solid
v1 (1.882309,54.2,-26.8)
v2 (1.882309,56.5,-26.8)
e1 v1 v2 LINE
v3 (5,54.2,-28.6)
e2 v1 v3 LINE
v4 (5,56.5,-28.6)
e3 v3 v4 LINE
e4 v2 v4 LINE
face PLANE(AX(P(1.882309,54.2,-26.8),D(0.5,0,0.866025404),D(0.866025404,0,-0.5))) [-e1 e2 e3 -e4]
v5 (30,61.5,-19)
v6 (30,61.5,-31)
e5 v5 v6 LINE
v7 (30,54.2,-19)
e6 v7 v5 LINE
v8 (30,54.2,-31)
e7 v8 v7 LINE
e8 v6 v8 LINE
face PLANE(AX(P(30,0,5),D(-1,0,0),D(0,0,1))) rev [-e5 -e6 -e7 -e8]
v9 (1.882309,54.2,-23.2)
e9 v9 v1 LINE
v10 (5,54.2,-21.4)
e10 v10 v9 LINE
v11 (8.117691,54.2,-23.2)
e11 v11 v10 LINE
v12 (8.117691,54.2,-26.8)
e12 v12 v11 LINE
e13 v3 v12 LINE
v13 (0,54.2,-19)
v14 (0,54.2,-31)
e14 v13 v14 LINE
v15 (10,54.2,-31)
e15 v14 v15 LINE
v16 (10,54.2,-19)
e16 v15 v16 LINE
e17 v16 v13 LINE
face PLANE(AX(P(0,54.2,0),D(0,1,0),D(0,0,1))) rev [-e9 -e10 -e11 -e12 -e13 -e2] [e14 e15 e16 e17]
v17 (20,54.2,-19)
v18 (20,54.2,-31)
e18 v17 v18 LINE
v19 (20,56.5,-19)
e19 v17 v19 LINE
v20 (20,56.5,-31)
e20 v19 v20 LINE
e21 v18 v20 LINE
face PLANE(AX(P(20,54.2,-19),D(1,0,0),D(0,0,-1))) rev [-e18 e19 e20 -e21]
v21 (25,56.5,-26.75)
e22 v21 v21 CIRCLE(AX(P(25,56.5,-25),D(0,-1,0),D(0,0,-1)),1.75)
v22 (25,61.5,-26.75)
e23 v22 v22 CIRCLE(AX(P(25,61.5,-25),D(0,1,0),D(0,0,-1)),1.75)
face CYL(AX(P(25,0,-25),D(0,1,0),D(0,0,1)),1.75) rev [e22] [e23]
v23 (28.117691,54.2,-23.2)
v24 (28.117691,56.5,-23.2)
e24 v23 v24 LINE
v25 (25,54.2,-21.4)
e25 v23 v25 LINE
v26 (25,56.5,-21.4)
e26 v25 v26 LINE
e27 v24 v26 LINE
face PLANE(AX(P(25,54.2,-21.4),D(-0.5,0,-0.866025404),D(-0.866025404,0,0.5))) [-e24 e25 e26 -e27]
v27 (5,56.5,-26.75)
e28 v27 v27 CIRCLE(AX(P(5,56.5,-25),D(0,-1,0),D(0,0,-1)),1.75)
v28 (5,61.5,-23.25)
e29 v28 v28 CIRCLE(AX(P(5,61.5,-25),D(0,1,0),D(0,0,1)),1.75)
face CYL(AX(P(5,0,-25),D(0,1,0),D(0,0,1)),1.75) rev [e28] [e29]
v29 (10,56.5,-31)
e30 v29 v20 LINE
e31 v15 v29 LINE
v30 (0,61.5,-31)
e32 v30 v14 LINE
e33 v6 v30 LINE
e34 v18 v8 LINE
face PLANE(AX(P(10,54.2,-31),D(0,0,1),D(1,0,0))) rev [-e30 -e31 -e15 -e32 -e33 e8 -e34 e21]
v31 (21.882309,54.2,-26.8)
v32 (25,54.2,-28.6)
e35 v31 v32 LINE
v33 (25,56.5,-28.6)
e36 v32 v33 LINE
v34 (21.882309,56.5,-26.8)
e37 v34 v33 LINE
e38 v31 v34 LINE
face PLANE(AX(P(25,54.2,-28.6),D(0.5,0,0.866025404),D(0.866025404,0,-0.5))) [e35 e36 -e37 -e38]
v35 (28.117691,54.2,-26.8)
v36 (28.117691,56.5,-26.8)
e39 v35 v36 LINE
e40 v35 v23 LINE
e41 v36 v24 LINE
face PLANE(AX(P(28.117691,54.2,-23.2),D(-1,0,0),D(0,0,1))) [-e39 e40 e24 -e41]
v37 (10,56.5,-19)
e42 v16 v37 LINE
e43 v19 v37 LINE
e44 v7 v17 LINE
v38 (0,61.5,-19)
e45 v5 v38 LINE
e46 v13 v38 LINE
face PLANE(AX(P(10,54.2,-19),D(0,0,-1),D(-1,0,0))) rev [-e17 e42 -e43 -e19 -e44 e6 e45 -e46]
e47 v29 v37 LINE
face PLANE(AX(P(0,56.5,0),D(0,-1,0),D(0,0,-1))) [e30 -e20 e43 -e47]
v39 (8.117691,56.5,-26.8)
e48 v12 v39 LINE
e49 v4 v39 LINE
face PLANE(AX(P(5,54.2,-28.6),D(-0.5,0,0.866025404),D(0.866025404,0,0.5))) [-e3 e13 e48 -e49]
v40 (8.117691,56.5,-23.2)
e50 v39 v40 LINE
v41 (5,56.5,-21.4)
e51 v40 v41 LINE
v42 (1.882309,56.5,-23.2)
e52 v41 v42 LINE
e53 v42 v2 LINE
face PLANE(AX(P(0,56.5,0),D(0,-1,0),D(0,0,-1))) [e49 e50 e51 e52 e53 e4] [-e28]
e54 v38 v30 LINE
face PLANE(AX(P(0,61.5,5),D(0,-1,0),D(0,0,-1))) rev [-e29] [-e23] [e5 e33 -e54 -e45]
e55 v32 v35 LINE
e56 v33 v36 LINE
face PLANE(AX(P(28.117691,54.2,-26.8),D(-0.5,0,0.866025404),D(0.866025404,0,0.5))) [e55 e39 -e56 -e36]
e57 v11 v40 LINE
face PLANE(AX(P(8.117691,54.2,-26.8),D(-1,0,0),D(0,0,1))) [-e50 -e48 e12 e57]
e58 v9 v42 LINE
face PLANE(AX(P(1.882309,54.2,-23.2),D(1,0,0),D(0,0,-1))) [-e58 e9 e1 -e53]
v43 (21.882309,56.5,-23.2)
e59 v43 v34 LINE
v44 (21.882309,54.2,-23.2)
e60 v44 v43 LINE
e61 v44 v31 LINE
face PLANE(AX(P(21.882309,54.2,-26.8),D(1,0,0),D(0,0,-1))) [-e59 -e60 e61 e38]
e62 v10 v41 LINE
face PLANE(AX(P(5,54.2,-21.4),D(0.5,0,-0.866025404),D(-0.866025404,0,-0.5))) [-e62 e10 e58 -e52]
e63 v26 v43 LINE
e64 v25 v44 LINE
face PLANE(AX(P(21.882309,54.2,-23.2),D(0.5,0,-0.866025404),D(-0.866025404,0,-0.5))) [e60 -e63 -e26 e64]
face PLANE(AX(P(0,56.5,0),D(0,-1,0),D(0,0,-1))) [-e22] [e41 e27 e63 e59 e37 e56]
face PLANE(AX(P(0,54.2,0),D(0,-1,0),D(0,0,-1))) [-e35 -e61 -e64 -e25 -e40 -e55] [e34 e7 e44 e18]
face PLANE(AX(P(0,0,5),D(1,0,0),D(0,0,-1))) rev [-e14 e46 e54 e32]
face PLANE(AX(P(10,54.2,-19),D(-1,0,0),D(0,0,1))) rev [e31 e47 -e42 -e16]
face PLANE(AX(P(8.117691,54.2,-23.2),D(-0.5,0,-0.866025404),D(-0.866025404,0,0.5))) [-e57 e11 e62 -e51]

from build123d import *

# Parameters (mm, degrees)
SKETCH_1_W           = 30
SKETCH_1_H           = 61.5
EXTRUDE_1_DEPTH      = 5
SKETCH_2_R           = 1.75
SKETCH_2_W           = 21
SKETCH_2_H           = 41
CUT_EXTRUDE_1_DEPTH  = 6
SKETCH_3_W           = 30
SKETCH_3_H           = 40
EXTRUDE_2_DEPTH      = 5
SKETCH_4_R           = 1.75
CUT_EXTRUDE_2_DEPTH  = 62.5
SKETCH_5_W           = 10
SKETCH_5_H           = 12
EXTRUDE_3_DEPTH      = 2.3
SKETCH_6_W           = 30
SKETCH_6_H           = 12
EXTRUDE_4_DEPTH      = 4
EXTRUDE_5_DEPTH      = 4.5
FILLET_1_R           = 5
SKETCH_8_W           = 21
SKETCH_8_H           = 6
CUT_EXTRUDE_3_DEPTH  = 10
SKETCH_9_OUTSIDE_W   = 63.988
SKETCH_9_OUTSIDE_H   = 84.488
SKETCH_9_OUTSIDE_W_2 = 12
SKETCH_9_OUTSIDE_H_2 = 7.3
CUT_EXTRUDE_4_DEPTH  = 31


with BuildPart() as part:
    # ｽｹｯﾁ1 → ﾎﾞｽ - 押し出し1 (new body)
    with BuildSketch(Plane.XY):
        with Locations((15, 30.75)):
            Rectangle(SKETCH_1_W, SKETCH_1_H)
    extrude(amount=EXTRUDE_1_DEPTH)

    # ｽｹｯﾁ2 → ｶｯﾄ - 押し出し1 (cut, through all)
    with BuildSketch(Plane.XY.offset(5)):
        with Locations((10, 3.5)):
            Circle(SKETCH_2_R)
        with Locations((20, 3.5)):
            Circle(SKETCH_2_R)
        with Locations((10, 53)):
            Circle(SKETCH_2_R)
        with Locations((20, 53)):
            Circle(SKETCH_2_R)
        with Locations((15, 28.2)):
            Rectangle(SKETCH_2_W, SKETCH_2_H)
    extrude(amount=-CUT_EXTRUDE_1_DEPTH, mode=Mode.SUBTRACT)

    # ｽｹｯﾁ3 → ﾎﾞｽ - 押し出し2 (add)
    with BuildSketch(Plane(origin=(0, 61.5, 0), x_dir=(1, 0, 0), z_dir=(0, 1, 0))):
        with Locations((15, 20)):
            Rectangle(SKETCH_3_W, SKETCH_3_H)
    extrude(amount=-EXTRUDE_2_DEPTH)

    # ｽｹｯﾁ4 → ｶｯﾄ - 押し出し2 (cut, through all)
    with BuildSketch(Plane(origin=(0, 61.5, 0), x_dir=(1, 0, 0), z_dir=(0, 1, 0))):
        with Locations((5, 25)):
            Circle(SKETCH_4_R)
        with Locations((25, 25)):
            Circle(SKETCH_4_R)
    extrude(amount=-CUT_EXTRUDE_2_DEPTH, mode=Mode.SUBTRACT)

    # ｽｹｯﾁ5 → ﾎﾞｽ - 押し出し3 (add)
    with BuildSketch(Plane.XZ.offset(-56.5)):
        with Locations((5, -25)):
            Rectangle(SKETCH_5_W, SKETCH_5_H)
        Polygon((5, -28.6), (8.117691454, -26.8), (8.117691454, -23.2), (5, -21.4), (1.882308546, -23.2), (1.882308546, -26.8), align=None, mode=Mode.SUBTRACT)
        with Locations((25, -25)):
            Rectangle(SKETCH_5_W, SKETCH_5_H)
        Polygon((28.117691454, -26.8), (25, -28.6), (21.882308546, -26.8), (21.882308546, -23.2), (25, -21.4), (28.117691454, -23.2), align=None, mode=Mode.SUBTRACT)
    extrude(amount=EXTRUDE_3_DEPTH)

    # ｽｹｯﾁ6 → ﾎﾞｽ - 押し出し4 (add)
    with BuildSketch(Plane(origin=(0, 61.5, 0), x_dir=(1, 0, 0), z_dir=(0, 1, 0))):
        with Locations((15, 1)):
            Rectangle(SKETCH_6_W, SKETCH_6_H)
    extrude(amount=EXTRUDE_4_DEPTH)

    # ｽｹｯﾁ7 → ﾎﾞｽ - 押し出し5 (add)
    with BuildSketch(Plane(origin=(30, 0, 0), x_dir=(0, 0, -1), z_dir=(1, 0, 0))):
        Polygon((40, 56.5), (40, 39.5), (0, 9.822580645), (0, 21.5), (31, 44.5), (31, 56.5), align=None)
    extrude_5 = extrude(amount=-EXTRUDE_5_DEPTH)

    # ﾐﾗｰ1: ﾎﾞｽ - 押し出し5 across plane
    add(extrude_5.mirror(Plane.ZY.offset(-15)))

    # ﾌｨﾚｯﾄ1
    fillet_1_edges = [part.edges().sort_by_distance(p)[0] for p in [
        (30, 0, 2.5),
        (0, 0, 2.5),
    ]]
    fillet(fillet_1_edges, radius=FILLET_1_R)

    # ｽｹｯﾁ8 → ｶｯﾄ - 押し出し3 (cut, through all)
    with BuildSketch(Plane.XZ.offset(-56.5)):
        with Locations((15, -37)):
            Rectangle(SKETCH_8_W, SKETCH_8_H)
    extrude(amount=-CUT_EXTRUDE_3_DEPTH, mode=Mode.SUBTRACT)

    # ｽｹｯﾁ9 outside → ｶｯﾄ - 押し出し4 (cut, through all)
    with BuildSketch(Plane.ZY):
        with Locations((-17.5, 32.75)):
            Rectangle(SKETCH_9_OUTSIDE_W, SKETCH_9_OUTSIDE_H)
        with Locations((-25, 57.85)):
            Rectangle(SKETCH_9_OUTSIDE_W_2, SKETCH_9_OUTSIDE_H_2, mode=Mode.SUBTRACT)
    extrude(amount=-CUT_EXTRUDE_4_DEPTH, mode=Mode.SUBTRACT)


solid = part.part
